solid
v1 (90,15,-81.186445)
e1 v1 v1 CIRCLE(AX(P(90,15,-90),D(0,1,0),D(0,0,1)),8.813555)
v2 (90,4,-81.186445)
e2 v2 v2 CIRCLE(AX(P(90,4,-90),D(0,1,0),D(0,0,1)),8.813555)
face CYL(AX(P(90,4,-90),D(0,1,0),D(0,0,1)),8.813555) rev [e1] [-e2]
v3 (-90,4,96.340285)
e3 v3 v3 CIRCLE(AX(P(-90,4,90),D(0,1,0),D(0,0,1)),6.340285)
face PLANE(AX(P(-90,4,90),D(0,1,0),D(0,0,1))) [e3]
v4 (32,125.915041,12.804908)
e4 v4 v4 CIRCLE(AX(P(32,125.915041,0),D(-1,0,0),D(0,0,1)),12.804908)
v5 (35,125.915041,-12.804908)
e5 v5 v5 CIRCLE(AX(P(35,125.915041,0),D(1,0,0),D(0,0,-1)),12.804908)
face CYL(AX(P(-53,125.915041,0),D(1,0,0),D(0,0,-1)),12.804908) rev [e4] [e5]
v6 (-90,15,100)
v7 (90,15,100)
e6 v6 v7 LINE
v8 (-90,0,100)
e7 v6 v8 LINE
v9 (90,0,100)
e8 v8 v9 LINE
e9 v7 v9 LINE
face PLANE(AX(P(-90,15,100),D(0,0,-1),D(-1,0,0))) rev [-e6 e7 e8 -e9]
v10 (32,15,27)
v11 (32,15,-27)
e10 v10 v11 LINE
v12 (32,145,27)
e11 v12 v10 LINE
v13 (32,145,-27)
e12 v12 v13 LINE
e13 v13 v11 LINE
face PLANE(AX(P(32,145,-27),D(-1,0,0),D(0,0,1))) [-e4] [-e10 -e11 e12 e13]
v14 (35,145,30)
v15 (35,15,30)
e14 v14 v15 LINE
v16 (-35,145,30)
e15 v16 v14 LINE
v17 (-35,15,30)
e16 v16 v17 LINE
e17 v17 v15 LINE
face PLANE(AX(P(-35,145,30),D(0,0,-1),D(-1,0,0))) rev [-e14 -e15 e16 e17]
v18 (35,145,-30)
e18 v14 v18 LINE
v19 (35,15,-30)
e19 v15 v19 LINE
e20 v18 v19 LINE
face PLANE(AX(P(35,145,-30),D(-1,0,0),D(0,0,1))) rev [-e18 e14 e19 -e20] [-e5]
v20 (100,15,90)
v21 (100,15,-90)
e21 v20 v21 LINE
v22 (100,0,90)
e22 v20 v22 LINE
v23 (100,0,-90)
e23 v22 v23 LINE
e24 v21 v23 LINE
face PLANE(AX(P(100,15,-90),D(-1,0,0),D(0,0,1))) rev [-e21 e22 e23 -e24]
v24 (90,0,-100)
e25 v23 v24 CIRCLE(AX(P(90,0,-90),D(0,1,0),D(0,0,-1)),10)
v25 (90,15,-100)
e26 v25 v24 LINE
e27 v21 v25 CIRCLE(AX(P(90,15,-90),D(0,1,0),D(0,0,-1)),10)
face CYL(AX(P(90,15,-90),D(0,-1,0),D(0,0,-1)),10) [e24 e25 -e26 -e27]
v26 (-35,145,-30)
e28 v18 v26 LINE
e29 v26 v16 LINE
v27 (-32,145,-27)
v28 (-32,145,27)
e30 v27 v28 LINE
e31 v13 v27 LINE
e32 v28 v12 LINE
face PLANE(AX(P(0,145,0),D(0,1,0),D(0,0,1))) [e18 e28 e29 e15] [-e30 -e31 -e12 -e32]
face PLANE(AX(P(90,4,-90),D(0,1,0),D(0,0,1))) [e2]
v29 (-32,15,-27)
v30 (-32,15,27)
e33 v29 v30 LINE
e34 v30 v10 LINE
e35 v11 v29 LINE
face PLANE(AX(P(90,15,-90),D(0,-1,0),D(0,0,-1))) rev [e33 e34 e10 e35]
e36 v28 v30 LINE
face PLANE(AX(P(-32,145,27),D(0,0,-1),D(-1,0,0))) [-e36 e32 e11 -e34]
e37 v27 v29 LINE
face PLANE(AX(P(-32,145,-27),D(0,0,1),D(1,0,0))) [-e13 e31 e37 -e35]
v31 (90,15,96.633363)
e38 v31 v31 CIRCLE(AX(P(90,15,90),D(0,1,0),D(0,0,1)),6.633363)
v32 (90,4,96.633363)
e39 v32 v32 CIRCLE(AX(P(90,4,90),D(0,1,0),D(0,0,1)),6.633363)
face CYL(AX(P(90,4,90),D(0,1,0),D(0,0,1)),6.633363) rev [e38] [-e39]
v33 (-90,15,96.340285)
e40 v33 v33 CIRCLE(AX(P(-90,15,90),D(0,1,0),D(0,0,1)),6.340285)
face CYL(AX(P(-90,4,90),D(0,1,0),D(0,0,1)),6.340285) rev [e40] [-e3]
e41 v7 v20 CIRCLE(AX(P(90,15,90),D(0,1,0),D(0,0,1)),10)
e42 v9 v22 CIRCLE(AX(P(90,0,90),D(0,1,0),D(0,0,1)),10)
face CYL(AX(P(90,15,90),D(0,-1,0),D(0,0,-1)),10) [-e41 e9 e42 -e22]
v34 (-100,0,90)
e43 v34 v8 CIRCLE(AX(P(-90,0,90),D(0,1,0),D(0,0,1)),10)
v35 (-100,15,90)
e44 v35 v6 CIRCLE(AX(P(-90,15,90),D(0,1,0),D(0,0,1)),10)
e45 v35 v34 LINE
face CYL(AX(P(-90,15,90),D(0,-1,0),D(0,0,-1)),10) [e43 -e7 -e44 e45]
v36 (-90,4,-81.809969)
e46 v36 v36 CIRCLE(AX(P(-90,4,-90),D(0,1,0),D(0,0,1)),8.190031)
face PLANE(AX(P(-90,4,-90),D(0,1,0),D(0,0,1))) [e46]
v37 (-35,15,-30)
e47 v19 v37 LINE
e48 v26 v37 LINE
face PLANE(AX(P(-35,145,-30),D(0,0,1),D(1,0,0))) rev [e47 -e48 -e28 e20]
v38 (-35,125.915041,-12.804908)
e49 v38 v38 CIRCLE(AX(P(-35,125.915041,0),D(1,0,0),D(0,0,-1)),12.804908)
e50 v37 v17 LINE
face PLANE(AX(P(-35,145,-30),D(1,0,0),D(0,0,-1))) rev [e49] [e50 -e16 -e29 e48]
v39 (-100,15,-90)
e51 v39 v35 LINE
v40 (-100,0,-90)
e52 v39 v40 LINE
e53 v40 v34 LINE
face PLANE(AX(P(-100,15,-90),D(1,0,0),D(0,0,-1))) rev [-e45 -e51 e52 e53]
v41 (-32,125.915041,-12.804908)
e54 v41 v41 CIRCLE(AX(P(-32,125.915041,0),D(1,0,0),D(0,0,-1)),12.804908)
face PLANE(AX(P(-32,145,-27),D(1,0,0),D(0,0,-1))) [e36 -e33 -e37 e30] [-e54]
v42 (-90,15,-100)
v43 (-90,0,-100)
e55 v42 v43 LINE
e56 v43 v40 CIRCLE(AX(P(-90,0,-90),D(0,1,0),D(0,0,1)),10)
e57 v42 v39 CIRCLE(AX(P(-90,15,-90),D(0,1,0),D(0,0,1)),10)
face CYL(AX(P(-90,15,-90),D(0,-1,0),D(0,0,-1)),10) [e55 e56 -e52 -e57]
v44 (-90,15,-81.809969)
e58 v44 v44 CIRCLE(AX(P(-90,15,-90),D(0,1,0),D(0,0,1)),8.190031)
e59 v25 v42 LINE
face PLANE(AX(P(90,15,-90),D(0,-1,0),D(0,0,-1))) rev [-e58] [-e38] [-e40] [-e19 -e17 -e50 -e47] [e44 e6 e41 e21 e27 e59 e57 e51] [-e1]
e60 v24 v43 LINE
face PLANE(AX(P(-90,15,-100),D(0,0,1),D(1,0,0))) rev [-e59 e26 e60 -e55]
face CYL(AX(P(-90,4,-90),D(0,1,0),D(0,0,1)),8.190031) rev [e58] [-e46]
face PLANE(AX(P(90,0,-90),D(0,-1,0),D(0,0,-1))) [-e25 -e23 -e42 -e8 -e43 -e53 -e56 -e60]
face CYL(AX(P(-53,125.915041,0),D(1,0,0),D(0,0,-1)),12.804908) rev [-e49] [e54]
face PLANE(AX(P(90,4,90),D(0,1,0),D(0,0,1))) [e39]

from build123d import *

# Parameters (mm, degrees)
SALIENTE_EXTRUIR1_DEPTH = 15
CROQUIS2_W              = 70
CROQUIS2_H              = 60
CROQUIS2_W_2            = 64
CROQUIS2_H_2            = 54
SALIENTE_EXTRUIR2_DEPTH = 130
CROQUIS3_R              = 12.804907533
CORTAR_EXTRUIR1_DEPTH   = 88
CROQUIS4_R              = 8.190031249
CROQUIS4_R_2            = 8.81355523
CROQUIS4_R_3            = 6.340285024
CROQUIS4_R_4            = 6.633362886
CORTAR_EXTRUIR2_DEPTH   = 11


with BuildPart() as part:
    # Croquis1 → Saliente-Extruir1 (new body)
    with BuildSketch(Plane(origin=(0, 0, 0), x_dir=(1, 0, 0), z_dir=(0, 1, 0))):
        with BuildLine():
            Line((-90, 100), (90, 100))
            ThreePointArc((90, 100), (97.071067812, 97.071067812), (100, 90))
            Line((100, 90), (100, -90))
            ThreePointArc((100, -90), (97.071067812, -97.071067812), (90, -100))
            Line((90, -100), (-90, -100))
            ThreePointArc((-90, -100), (-97.071067812, -97.071067812), (-100, -90))
            Line((-100, -90), (-100, 90))
            ThreePointArc((-100, 90), (-97.071067812, 97.071067812), (-90, 100))
        make_face()
    extrude(amount=SALIENTE_EXTRUIR1_DEPTH)

    # Croquis2 → Saliente-Extruir2 (add)
    with BuildSketch(Plane(origin=(0, 15, 0), x_dir=(1, 0, 0), z_dir=(0, 1, 0))):
        Rectangle(CROQUIS2_W, CROQUIS2_H)
        Rectangle(CROQUIS2_W_2, CROQUIS2_H_2, mode=Mode.SUBTRACT)
    extrude(amount=SALIENTE_EXTRUIR2_DEPTH)

    # Croquis3 → Cortar-Extruir1 (cut)
    with BuildSketch(Plane(origin=(35, 0, 0), x_dir=(0, 0, -1), z_dir=(1, 0, 0))):
        with Locations((0, 125.915041201)):
            Circle(CROQUIS3_R)
    extrude(amount=-CORTAR_EXTRUIR1_DEPTH, mode=Mode.SUBTRACT)

    # Croquis4 → Cortar-Extruir2 (cut)
    with BuildSketch(Plane(origin=(0, 15, 0), x_dir=(1, 0, 0), z_dir=(0, 1, 0))):
        with Locations((-90, 90)):
            Circle(CROQUIS4_R)
        with Locations((90, 90)):
            Circle(CROQUIS4_R_2)
        with Locations((-90, -90)):
            Circle(CROQUIS4_R_3)
        with Locations((90, -90)):
            Circle(CROQUIS4_R_4)
    extrude(amount=-CORTAR_EXTRUIR2_DEPTH, mode=Mode.SUBTRACT)


solid = part.part
